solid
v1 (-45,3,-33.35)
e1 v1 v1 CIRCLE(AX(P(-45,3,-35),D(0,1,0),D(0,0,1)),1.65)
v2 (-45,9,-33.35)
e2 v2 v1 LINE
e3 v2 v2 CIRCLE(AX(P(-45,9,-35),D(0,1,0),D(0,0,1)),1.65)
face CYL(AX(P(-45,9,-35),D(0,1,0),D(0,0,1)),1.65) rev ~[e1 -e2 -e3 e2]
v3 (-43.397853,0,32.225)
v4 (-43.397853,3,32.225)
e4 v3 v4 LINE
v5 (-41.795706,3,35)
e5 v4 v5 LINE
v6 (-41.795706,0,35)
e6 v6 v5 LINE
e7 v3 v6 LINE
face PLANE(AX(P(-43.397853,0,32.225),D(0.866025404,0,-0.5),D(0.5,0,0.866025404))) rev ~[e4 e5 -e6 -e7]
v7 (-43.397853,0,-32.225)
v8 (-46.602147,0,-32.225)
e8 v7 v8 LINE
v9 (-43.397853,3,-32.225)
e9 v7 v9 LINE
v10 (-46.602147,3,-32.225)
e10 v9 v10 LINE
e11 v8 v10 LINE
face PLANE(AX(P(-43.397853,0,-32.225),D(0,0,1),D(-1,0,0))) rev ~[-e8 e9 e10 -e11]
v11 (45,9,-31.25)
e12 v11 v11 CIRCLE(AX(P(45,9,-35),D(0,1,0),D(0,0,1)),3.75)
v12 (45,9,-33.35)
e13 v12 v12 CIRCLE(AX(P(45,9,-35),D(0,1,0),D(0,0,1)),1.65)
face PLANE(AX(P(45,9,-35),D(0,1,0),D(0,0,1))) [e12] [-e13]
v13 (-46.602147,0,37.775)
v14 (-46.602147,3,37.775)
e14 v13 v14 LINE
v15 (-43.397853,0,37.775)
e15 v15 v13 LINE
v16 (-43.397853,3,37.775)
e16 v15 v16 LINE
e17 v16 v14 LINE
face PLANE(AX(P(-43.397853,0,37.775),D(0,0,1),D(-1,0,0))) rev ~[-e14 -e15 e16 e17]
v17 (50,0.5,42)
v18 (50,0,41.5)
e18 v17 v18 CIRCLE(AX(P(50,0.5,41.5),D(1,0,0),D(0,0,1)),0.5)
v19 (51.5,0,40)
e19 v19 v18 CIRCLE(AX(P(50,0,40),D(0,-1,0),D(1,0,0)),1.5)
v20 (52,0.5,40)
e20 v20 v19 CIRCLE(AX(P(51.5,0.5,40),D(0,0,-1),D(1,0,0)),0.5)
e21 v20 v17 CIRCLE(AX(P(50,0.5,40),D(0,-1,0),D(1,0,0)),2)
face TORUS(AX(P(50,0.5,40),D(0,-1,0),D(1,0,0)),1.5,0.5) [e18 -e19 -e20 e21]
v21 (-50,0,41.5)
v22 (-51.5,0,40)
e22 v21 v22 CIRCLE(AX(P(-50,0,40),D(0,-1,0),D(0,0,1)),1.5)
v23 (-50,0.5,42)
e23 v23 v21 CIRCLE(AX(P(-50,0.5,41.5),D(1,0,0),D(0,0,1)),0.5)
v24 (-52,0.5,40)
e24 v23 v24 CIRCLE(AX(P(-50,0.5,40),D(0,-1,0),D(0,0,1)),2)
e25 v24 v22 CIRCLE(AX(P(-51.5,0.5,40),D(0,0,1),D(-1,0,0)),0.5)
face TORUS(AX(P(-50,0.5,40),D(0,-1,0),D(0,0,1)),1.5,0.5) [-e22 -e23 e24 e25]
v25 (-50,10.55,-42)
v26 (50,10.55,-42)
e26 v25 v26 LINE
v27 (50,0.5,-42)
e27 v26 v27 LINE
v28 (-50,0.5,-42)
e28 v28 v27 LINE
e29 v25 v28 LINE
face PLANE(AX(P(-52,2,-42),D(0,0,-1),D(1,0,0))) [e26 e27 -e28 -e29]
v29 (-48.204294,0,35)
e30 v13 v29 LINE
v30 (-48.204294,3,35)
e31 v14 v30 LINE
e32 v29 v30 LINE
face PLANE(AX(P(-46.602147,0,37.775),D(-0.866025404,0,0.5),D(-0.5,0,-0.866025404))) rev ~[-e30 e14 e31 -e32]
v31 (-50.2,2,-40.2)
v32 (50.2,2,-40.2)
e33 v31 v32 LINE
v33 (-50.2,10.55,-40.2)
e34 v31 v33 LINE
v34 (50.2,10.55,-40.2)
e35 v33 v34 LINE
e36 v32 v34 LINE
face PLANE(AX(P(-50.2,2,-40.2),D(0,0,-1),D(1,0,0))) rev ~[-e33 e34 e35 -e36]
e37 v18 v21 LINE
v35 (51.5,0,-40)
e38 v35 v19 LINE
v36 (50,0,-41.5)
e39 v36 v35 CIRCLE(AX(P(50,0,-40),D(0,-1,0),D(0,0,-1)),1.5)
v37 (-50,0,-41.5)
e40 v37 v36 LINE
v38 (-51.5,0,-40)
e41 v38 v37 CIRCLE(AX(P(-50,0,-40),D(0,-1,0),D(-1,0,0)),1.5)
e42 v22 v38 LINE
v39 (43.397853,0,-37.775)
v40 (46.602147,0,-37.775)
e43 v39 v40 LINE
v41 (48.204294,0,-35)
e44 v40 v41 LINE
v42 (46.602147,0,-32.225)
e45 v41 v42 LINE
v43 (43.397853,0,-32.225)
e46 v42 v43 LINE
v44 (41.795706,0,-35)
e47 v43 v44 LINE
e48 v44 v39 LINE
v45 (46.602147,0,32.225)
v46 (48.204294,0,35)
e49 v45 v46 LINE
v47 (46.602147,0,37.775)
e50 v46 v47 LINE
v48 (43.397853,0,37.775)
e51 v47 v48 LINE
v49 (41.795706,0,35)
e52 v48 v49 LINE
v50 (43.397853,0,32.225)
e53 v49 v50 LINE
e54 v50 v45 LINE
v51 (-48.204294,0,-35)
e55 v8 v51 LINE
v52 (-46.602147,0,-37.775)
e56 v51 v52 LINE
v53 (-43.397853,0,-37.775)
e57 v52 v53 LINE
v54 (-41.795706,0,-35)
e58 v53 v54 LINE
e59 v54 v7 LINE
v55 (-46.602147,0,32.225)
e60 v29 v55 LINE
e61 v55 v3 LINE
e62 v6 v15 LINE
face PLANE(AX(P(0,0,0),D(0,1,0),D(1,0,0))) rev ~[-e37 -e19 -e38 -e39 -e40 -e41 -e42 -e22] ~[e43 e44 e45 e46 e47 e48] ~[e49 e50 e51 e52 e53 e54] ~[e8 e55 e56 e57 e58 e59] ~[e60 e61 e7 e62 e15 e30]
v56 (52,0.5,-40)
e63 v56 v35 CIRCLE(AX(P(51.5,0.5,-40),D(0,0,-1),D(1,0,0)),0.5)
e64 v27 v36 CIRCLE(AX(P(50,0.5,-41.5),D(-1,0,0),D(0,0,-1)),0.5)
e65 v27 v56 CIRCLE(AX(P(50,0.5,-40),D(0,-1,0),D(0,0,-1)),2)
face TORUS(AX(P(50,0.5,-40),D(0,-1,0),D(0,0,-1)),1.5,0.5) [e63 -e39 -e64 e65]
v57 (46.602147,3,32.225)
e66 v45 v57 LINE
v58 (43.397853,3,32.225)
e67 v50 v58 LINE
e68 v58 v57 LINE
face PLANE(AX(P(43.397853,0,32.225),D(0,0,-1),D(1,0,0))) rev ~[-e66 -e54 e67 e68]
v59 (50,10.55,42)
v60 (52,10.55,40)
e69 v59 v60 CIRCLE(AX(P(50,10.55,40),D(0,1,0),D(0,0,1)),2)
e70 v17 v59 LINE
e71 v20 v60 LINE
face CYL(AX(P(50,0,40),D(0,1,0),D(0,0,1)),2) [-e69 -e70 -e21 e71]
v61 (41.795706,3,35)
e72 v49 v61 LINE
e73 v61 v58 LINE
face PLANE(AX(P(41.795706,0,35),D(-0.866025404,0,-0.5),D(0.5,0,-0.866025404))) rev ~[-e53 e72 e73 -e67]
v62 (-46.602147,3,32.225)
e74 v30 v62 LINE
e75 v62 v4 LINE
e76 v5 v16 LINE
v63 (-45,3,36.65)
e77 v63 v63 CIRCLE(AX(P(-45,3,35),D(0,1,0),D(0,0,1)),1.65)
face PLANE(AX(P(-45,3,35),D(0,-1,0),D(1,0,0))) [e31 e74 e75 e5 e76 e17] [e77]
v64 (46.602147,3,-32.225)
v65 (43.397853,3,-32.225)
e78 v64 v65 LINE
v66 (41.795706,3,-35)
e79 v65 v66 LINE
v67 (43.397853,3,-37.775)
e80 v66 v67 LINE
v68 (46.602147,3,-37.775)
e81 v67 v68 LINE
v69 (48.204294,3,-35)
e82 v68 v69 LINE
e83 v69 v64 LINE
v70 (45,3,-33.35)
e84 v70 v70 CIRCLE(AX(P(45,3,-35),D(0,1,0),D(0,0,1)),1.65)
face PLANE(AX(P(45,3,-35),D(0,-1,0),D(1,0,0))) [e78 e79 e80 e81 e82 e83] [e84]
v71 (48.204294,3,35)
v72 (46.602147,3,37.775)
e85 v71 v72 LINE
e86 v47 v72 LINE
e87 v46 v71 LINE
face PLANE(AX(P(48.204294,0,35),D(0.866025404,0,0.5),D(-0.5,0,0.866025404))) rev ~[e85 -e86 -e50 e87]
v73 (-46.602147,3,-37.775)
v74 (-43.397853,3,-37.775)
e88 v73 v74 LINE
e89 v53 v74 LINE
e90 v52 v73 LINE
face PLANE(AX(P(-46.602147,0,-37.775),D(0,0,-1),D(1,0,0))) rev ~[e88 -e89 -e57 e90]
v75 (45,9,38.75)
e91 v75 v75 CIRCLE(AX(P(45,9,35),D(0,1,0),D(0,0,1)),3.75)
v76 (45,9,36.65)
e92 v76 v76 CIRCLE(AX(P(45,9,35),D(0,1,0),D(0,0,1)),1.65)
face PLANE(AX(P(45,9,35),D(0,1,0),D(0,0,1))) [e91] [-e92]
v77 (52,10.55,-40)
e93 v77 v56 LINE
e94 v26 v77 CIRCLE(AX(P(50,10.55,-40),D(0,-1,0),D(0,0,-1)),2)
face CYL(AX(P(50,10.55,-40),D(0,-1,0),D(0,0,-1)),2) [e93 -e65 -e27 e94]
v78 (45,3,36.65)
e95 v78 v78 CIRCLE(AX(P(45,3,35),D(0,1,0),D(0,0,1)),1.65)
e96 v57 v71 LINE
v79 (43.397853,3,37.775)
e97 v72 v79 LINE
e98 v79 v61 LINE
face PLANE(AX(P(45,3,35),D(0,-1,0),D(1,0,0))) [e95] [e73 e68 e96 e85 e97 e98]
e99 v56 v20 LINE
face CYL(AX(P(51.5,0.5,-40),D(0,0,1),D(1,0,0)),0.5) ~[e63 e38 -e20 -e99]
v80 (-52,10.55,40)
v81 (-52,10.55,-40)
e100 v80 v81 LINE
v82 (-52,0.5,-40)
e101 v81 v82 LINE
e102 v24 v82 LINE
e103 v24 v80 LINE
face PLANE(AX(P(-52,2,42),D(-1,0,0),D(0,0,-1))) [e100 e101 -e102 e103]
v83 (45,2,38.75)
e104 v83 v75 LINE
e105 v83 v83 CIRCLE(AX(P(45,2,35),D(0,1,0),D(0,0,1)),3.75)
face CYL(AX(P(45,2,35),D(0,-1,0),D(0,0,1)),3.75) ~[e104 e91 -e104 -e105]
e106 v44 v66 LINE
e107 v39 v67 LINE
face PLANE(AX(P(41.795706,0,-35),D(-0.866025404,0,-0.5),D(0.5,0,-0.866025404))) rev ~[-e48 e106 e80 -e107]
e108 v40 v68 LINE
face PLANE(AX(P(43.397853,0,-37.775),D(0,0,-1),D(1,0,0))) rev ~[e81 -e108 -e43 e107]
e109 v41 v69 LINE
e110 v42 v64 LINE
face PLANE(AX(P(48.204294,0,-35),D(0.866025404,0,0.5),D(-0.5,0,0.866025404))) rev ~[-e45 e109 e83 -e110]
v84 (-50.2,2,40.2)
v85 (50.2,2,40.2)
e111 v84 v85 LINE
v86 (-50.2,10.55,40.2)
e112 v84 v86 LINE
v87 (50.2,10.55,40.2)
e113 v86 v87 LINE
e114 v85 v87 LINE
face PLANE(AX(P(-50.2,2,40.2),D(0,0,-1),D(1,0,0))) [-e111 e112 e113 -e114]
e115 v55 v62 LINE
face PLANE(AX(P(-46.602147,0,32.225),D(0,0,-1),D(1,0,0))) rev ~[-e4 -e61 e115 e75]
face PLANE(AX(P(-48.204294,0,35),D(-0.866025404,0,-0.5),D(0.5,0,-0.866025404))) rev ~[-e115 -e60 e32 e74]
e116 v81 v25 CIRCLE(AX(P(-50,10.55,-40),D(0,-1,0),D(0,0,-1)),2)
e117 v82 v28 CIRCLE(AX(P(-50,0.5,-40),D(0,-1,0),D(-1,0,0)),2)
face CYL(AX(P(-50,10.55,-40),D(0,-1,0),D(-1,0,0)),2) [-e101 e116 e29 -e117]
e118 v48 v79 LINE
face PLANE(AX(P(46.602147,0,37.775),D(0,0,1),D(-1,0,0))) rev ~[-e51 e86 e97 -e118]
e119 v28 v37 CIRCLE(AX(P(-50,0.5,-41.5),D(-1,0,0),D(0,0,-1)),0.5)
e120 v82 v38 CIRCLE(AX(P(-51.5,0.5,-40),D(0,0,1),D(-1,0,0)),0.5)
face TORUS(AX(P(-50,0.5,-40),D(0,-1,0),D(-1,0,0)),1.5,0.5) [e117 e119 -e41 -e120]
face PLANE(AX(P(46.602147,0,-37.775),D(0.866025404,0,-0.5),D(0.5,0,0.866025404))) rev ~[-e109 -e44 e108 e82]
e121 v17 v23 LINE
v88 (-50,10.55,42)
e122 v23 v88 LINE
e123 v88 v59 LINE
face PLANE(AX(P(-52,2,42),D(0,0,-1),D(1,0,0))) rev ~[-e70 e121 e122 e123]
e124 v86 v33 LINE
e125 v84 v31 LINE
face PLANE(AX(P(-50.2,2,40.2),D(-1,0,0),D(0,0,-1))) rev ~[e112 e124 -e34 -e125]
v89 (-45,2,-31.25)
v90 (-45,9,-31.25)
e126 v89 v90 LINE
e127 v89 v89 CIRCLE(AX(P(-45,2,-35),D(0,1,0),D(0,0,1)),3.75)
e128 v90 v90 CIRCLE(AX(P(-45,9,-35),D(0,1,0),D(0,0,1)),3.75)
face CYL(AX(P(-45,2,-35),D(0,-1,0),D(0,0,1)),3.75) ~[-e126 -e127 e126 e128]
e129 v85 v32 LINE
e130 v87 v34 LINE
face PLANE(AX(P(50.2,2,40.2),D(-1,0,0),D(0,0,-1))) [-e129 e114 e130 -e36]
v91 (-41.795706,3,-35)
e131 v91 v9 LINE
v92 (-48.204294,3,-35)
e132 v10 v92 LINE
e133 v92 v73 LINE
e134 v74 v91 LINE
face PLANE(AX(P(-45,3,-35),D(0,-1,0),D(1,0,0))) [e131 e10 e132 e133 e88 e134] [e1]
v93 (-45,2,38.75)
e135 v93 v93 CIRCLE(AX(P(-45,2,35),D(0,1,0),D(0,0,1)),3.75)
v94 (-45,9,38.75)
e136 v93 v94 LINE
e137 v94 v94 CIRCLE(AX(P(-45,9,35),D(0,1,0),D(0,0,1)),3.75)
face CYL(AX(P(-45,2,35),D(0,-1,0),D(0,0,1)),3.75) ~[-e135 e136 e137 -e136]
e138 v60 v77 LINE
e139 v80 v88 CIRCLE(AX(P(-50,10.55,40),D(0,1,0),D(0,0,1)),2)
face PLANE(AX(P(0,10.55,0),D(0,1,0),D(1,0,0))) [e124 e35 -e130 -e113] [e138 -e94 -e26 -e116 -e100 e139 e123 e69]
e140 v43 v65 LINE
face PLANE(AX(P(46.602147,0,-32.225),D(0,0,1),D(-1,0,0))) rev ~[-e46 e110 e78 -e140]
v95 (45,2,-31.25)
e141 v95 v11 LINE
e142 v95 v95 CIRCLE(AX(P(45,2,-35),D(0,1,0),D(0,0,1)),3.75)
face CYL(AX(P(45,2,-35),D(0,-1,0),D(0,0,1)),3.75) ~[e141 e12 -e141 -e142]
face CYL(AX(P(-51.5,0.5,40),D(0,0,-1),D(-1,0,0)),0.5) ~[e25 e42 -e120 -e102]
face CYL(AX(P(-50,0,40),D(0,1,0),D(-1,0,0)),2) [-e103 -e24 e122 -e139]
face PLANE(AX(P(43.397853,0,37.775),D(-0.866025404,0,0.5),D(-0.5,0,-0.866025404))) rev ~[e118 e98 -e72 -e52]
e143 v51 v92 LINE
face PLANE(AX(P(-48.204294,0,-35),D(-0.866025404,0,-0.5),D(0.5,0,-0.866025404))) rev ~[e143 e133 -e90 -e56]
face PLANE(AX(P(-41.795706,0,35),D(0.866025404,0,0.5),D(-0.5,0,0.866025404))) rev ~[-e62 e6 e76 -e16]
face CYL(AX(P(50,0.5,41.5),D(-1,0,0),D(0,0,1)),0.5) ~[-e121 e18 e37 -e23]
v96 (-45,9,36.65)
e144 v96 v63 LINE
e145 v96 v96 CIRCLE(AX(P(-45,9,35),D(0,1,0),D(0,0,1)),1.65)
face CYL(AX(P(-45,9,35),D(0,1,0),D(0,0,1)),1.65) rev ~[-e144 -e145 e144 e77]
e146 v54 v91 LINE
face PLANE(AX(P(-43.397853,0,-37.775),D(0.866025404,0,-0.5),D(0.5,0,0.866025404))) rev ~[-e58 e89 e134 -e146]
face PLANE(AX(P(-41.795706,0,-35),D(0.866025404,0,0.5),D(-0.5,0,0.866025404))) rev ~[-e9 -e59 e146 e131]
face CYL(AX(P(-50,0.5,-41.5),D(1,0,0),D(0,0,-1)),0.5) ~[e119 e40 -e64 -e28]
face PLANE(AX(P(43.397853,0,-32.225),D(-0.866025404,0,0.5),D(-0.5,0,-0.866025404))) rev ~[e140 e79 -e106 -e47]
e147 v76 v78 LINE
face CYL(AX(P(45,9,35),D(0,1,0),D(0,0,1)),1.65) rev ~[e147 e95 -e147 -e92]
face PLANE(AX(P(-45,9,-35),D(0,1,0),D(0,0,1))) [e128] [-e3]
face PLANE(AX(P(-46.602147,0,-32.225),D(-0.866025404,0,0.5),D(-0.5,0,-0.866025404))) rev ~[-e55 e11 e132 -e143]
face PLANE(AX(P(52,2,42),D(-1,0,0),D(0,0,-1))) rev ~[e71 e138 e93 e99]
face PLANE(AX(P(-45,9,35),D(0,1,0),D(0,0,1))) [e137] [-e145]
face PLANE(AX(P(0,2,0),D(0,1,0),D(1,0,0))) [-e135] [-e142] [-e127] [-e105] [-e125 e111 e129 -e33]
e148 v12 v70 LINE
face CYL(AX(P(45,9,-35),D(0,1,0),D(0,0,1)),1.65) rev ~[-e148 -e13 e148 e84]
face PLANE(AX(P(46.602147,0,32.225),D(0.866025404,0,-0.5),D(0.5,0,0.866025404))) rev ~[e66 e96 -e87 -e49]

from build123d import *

# Parameters (mm, degrees)
ESQUISSE1_W             = 104
ESQUISSE1_H             = 84
BOSS_EXTRU_1_DEPTH      = 2
ESQUISSE2_R             = 3.75
BOSS_EXTRU_2_DEPTH      = 7
ESQUISSE3_W             = 104
ESQUISSE3_H             = 84
ESQUISSE3_W_2           = 100.4
ESQUISSE3_H_2           = 80.4
BOSS_EXTRU_3_DEPTH      = 8.55
ESQUISSE4_R             = 1.65
ENL_V_MAT_EXTRU_1_DEPTH = 68.446274916
ENL_V_MAT_EXTRU_2_DEPTH = 3
CONG_1_R                = 2
CONG_2_R                = 0.5


with BuildPart() as part:
    # Esquisse1 → Boss.-Extru.1 (new body)
    with BuildSketch(Plane(origin=(0, 0, 0), x_dir=(1, 0, 0), z_dir=(0, 1, 0))):
        Rectangle(ESQUISSE1_W, ESQUISSE1_H)
    extrude(amount=BOSS_EXTRU_1_DEPTH)

    # Esquisse2 → Boss.-Extru.2 (add)
    with BuildSketch(Plane(origin=(0, 2, 0), x_dir=(1, 0, 0), z_dir=(0, 1, 0))):
        with Locations(Location((-45, 35, 0), (0, 0, 270))):
            Circle(ESQUISSE2_R)
        with Locations(Location((45, 35, 0), (0, 0, 270))):
            Circle(ESQUISSE2_R)
        with Locations(Location((45, -35, 0), (0, 0, 270))):
            Circle(ESQUISSE2_R)
        with Locations(Location((-45, -35, 0), (0, 0, 270))):
            Circle(ESQUISSE2_R)
    extrude(amount=BOSS_EXTRU_2_DEPTH)

    # Esquisse3 → Boss.-Extru.3 (add)
    with BuildSketch(Plane(origin=(0, 2, 0), x_dir=(1, 0, 0), z_dir=(0, 1, 0))):
        Rectangle(ESQUISSE3_W, ESQUISSE3_H)
        Rectangle(ESQUISSE3_W_2, ESQUISSE3_H_2, mode=Mode.SUBTRACT)
    extrude(amount=BOSS_EXTRU_3_DEPTH)

    # Esquisse4 → Enlèv. mat.-Extru.1 (cut, through all)
    with BuildSketch(Plane(origin=(0, 9, 0), x_dir=(1, 0, 0), z_dir=(0, 1, 0))):
        with Locations(Location((-45, 35, 0), (0, 0, 270))):
            Circle(ESQUISSE4_R)
        with Locations(Location((45, 35, 0), (0, 0, 270))):
            Circle(ESQUISSE4_R)
        with Locations(Location((45, -35, 0), (0, 0, 270))):
            Circle(ESQUISSE4_R)
        with Locations(Location((-45, -35, 0), (0, 0, 270))):
            Circle(ESQUISSE4_R)
    extrude(amount=-ENL_V_MAT_EXTRU_1_DEPTH, mode=Mode.SUBTRACT)

    # Esquisse5 → Enlèv. mat.-Extru.2 (cut)
    with BuildSketch(Plane.XZ):
        Polygon((-43.397853003, 32.225), (-41.795706006, 35), (-43.397853003, 37.775), (-46.602146997, 37.775), (-48.204293994, 35), (-46.602146997, 32.225), align=None)
        Polygon((43.397853003, 32.225), (46.602146997, 32.225), (48.204293994, 35), (46.602146997, 37.775), (43.397853003, 37.775), (41.795706006, 35), align=None)
        Polygon((43.397853003, -32.225), (41.795706006, -35), (43.397853003, -37.775), (46.602146997, -37.775), (48.204293994, -35), (46.602146997, -32.225), align=None)
        Polygon((-46.602146997, -32.225), (-48.204293994, -35), (-46.602146997, -37.775), (-43.397853003, -37.775), (-41.795706006, -35), (-43.397853003, -32.225), align=None)
    extrude(amount=-ENL_V_MAT_EXTRU_2_DEPTH, mode=Mode.SUBTRACT)

    # Congé1
    cong_1_edges = [part.edges().sort_by_distance(p)[0] for p in [
        (-52, 5.275, -42),
        (52, 5.275, -42),
        (52, 5.275, 42),
        (-52, 5.275, 42),
    ]]
    fillet(cong_1_edges, radius=CONG_1_R)

    # Congé2
    cong_2_edges = [part.edges().sort_by_distance(p)[0] for p in [
        (-52, 0, 0),
        (0, 0, -42),
        (52, 0, 0),
        (0, 0, 42),
        (51.414213562, 0, 41.414213562),
        (51.414213562, 0, -41.414213562),
        (-51.414213562, 0, 41.414213562),
        (-51.414213562, 0, -41.414213562),
    ]]
    fillet(cong_2_edges, radius=CONG_2_R)


solid = part.part
